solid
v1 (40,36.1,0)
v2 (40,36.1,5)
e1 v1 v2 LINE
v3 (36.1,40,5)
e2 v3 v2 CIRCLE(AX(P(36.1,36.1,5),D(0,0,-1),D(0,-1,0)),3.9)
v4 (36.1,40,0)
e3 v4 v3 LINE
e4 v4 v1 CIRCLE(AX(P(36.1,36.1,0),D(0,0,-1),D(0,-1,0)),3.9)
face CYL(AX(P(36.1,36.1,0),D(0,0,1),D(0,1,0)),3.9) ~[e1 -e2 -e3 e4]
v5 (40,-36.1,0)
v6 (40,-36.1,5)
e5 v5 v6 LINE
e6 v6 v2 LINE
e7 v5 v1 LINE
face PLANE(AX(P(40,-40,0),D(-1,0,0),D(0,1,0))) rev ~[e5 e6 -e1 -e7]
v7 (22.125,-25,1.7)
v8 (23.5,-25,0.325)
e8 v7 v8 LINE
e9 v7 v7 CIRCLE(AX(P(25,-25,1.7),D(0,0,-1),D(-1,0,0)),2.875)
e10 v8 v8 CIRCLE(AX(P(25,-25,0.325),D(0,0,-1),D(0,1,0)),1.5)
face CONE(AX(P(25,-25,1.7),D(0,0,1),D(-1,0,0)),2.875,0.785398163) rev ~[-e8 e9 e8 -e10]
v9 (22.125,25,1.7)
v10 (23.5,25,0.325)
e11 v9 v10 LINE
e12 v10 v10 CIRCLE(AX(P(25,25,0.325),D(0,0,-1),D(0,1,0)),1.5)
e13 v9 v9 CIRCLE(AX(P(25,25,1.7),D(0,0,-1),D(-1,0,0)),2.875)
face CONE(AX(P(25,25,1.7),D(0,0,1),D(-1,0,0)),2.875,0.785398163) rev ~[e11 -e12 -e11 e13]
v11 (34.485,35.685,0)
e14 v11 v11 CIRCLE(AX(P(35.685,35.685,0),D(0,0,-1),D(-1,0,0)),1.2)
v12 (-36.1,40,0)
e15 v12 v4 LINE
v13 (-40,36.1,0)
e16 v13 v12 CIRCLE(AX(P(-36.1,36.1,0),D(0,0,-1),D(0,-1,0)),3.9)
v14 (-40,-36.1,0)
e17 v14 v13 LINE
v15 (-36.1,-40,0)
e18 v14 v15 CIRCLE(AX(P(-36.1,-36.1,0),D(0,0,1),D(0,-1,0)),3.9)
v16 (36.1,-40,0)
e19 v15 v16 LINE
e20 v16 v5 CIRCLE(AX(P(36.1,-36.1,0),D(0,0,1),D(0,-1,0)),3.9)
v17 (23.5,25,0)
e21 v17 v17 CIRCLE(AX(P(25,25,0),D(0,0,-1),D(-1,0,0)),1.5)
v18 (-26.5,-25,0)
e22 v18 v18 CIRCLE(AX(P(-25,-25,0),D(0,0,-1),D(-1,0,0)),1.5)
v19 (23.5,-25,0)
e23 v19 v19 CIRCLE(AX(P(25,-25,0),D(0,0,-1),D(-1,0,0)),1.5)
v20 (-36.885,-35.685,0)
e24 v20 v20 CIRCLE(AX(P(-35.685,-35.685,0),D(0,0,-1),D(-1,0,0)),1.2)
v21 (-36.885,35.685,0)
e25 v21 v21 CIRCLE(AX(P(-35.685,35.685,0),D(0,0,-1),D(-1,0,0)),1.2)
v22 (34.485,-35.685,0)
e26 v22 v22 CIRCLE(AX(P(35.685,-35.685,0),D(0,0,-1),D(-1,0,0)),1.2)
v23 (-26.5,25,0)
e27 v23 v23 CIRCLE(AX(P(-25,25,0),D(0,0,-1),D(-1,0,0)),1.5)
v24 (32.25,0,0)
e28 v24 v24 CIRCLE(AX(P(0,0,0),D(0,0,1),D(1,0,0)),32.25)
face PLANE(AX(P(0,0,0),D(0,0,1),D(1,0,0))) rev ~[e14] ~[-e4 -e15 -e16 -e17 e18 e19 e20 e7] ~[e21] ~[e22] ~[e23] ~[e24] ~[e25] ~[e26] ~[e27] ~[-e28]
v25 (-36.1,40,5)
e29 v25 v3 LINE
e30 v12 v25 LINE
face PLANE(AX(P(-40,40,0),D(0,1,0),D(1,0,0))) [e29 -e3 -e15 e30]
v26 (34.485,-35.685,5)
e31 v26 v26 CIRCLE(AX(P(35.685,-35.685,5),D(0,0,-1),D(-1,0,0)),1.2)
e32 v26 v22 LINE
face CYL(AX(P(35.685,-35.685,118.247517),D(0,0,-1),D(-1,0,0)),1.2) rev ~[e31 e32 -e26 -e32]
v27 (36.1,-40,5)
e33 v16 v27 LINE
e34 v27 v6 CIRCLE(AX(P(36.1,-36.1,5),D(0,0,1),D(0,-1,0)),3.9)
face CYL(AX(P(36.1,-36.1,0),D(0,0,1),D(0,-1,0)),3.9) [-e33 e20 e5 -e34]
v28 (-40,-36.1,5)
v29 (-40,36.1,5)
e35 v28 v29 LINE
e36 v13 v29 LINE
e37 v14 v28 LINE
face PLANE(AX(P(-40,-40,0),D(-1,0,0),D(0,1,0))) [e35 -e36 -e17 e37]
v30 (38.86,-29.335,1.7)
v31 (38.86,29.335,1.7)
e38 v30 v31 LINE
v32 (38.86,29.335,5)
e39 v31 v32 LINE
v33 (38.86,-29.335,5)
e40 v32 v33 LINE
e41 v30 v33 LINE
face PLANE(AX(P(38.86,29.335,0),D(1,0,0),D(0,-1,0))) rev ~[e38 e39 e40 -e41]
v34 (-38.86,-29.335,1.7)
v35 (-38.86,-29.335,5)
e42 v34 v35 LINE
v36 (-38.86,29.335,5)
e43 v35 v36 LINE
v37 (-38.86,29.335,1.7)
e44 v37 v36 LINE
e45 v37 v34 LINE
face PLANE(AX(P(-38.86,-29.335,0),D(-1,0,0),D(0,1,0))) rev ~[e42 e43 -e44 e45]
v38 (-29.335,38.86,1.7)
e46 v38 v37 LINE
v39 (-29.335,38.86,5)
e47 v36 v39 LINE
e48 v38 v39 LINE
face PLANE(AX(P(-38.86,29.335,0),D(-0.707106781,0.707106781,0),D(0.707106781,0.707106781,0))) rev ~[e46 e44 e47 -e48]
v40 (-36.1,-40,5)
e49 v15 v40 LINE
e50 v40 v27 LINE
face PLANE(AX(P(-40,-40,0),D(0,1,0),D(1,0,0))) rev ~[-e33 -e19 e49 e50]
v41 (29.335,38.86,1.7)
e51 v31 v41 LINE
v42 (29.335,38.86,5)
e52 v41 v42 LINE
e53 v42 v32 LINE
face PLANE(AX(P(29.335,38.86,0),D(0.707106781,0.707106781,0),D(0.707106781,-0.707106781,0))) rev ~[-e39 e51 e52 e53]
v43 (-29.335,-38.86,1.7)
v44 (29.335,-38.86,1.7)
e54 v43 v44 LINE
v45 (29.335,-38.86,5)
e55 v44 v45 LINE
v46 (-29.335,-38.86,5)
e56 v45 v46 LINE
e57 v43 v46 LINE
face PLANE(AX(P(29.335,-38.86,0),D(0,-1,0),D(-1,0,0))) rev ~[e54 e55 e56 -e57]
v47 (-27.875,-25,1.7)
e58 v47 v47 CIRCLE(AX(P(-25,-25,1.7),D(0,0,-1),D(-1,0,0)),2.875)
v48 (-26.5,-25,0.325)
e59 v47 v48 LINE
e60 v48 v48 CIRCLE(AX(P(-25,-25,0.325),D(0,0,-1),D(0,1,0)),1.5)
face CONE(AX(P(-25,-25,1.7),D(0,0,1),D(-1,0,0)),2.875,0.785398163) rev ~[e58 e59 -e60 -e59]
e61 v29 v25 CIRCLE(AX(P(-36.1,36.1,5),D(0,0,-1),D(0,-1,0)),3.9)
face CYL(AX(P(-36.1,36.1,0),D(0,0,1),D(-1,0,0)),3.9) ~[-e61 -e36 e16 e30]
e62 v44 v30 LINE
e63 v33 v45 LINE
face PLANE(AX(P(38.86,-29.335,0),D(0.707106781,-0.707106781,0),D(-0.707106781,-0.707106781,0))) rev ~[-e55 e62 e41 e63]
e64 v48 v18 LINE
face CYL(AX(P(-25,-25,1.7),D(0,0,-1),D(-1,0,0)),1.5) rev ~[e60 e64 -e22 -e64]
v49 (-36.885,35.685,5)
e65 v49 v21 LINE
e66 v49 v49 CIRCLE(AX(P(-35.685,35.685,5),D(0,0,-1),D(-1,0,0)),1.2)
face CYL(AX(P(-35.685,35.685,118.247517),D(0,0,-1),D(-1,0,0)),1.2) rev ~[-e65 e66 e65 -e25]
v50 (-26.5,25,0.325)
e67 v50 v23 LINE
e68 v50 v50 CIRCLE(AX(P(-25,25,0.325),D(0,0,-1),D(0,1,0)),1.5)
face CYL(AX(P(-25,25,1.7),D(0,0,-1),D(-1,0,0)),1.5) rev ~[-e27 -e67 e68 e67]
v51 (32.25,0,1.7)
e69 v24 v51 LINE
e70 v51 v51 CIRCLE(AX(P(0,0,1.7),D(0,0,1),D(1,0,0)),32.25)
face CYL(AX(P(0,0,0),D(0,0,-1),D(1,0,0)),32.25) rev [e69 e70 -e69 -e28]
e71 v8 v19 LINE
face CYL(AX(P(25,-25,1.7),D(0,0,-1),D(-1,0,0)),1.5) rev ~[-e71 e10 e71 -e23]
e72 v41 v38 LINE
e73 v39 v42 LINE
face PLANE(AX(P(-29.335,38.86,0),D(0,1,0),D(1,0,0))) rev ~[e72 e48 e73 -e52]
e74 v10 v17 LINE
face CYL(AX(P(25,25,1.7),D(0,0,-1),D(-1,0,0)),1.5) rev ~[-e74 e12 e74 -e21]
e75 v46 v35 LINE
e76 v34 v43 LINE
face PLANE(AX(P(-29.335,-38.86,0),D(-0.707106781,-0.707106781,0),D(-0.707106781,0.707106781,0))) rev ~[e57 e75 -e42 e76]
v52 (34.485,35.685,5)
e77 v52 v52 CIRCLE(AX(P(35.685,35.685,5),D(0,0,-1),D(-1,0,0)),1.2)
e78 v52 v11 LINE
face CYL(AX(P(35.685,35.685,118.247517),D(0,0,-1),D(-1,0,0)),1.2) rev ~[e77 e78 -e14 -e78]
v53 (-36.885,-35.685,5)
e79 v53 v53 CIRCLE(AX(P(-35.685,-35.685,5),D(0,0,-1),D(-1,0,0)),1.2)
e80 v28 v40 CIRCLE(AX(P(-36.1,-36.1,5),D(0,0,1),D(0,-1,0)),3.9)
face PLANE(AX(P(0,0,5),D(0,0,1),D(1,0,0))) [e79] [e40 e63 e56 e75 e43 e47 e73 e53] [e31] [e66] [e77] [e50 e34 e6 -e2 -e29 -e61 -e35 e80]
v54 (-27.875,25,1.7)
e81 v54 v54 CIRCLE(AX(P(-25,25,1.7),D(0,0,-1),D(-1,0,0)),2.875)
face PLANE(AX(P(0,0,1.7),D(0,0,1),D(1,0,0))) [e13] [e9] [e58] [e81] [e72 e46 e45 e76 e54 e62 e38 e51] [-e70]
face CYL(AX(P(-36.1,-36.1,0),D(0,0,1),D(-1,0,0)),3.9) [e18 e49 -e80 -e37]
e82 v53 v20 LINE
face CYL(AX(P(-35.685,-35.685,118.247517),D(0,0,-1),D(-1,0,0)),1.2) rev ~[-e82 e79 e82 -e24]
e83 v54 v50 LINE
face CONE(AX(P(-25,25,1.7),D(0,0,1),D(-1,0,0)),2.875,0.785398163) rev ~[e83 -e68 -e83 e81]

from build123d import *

# Parameters (mm, degrees)
F0_W           = 80
F0_H           = 80
F1_DEPTH       = 5
F0_R           = 32.25
F2_DEPTH       = 1.7
F4_D           = 3
F4_CSINK_D     = 5.75
F4_CSINK_ANGLE = 90
F6_D           = 2.4
F7_R           = 3.9


with BuildPart() as f1:
    # F0 (on Top) → F1 (new body)
    with BuildSketch(Plane.XY):
        Rectangle(F0_W, F0_H)
        Polygon((-38.86, 29.335), (-38.86, 38.86), (-29.335, 38.86), (29.335, 38.86), (38.86, 38.86), (38.86, 29.335), (38.86, -29.335), (38.86, -38.86), (29.335, -38.86), (-29.335, -38.86), (-38.86, -38.86), (-38.86, -29.335), align=None, mode=Mode.SUBTRACT)
        Polygon((-29.335, 38.86), (-38.86, 38.86), (-38.86, 29.335), align=None)
        Polygon((38.86, 38.86), (29.335, 38.86), (38.86, 29.335), align=None)
        Polygon((38.86, -38.86), (38.86, -29.335), (29.335, -38.86), align=None)
        Polygon((-29.335, -38.86), (-38.86, -29.335), (-38.86, -38.86), align=None)
    extrude(amount=F1_DEPTH)

    # F0 (on Top) → F2 (join)
    with BuildSketch(Plane.XY):
        Polygon((29.335, 38.86), (-29.335, 38.86), (-38.86, 29.335), (-38.86, -29.335), (-29.335, -38.86), (29.335, -38.86), (38.86, -29.335), (38.86, 29.335), align=None)
        Circle(F0_R, mode=Mode.SUBTRACT)
    extrude(amount=F2_DEPTH)

    # F4 (through all)
    with Locations(Plane.XY.offset(1.7)):
        with Locations((-25, 25), (25, 25), (25, -25), (-25, -25)):
            CounterSinkHole(F4_D / 2, F4_CSINK_D / 2, counter_sink_angle=F4_CSINK_ANGLE)

    # F6 (through all)
    with Locations(Plane.XY.offset(5)):
        with Locations((-35.685, 35.685), (35.685, 35.685), (35.685, -35.685), (-35.685, -35.685)):
            Hole(F6_D / 2)

    # F7
    f7_edges = [f1.edges().sort_by_distance(p)[0] for p in [
        (-40, -40, 2.5),
        (40, -40, 2.5),
        (40, 40, 2.5),
        (-40, 40, 2.5),
    ]]
    fillet(f7_edges, radius=F7_R)


solid = f1.part
